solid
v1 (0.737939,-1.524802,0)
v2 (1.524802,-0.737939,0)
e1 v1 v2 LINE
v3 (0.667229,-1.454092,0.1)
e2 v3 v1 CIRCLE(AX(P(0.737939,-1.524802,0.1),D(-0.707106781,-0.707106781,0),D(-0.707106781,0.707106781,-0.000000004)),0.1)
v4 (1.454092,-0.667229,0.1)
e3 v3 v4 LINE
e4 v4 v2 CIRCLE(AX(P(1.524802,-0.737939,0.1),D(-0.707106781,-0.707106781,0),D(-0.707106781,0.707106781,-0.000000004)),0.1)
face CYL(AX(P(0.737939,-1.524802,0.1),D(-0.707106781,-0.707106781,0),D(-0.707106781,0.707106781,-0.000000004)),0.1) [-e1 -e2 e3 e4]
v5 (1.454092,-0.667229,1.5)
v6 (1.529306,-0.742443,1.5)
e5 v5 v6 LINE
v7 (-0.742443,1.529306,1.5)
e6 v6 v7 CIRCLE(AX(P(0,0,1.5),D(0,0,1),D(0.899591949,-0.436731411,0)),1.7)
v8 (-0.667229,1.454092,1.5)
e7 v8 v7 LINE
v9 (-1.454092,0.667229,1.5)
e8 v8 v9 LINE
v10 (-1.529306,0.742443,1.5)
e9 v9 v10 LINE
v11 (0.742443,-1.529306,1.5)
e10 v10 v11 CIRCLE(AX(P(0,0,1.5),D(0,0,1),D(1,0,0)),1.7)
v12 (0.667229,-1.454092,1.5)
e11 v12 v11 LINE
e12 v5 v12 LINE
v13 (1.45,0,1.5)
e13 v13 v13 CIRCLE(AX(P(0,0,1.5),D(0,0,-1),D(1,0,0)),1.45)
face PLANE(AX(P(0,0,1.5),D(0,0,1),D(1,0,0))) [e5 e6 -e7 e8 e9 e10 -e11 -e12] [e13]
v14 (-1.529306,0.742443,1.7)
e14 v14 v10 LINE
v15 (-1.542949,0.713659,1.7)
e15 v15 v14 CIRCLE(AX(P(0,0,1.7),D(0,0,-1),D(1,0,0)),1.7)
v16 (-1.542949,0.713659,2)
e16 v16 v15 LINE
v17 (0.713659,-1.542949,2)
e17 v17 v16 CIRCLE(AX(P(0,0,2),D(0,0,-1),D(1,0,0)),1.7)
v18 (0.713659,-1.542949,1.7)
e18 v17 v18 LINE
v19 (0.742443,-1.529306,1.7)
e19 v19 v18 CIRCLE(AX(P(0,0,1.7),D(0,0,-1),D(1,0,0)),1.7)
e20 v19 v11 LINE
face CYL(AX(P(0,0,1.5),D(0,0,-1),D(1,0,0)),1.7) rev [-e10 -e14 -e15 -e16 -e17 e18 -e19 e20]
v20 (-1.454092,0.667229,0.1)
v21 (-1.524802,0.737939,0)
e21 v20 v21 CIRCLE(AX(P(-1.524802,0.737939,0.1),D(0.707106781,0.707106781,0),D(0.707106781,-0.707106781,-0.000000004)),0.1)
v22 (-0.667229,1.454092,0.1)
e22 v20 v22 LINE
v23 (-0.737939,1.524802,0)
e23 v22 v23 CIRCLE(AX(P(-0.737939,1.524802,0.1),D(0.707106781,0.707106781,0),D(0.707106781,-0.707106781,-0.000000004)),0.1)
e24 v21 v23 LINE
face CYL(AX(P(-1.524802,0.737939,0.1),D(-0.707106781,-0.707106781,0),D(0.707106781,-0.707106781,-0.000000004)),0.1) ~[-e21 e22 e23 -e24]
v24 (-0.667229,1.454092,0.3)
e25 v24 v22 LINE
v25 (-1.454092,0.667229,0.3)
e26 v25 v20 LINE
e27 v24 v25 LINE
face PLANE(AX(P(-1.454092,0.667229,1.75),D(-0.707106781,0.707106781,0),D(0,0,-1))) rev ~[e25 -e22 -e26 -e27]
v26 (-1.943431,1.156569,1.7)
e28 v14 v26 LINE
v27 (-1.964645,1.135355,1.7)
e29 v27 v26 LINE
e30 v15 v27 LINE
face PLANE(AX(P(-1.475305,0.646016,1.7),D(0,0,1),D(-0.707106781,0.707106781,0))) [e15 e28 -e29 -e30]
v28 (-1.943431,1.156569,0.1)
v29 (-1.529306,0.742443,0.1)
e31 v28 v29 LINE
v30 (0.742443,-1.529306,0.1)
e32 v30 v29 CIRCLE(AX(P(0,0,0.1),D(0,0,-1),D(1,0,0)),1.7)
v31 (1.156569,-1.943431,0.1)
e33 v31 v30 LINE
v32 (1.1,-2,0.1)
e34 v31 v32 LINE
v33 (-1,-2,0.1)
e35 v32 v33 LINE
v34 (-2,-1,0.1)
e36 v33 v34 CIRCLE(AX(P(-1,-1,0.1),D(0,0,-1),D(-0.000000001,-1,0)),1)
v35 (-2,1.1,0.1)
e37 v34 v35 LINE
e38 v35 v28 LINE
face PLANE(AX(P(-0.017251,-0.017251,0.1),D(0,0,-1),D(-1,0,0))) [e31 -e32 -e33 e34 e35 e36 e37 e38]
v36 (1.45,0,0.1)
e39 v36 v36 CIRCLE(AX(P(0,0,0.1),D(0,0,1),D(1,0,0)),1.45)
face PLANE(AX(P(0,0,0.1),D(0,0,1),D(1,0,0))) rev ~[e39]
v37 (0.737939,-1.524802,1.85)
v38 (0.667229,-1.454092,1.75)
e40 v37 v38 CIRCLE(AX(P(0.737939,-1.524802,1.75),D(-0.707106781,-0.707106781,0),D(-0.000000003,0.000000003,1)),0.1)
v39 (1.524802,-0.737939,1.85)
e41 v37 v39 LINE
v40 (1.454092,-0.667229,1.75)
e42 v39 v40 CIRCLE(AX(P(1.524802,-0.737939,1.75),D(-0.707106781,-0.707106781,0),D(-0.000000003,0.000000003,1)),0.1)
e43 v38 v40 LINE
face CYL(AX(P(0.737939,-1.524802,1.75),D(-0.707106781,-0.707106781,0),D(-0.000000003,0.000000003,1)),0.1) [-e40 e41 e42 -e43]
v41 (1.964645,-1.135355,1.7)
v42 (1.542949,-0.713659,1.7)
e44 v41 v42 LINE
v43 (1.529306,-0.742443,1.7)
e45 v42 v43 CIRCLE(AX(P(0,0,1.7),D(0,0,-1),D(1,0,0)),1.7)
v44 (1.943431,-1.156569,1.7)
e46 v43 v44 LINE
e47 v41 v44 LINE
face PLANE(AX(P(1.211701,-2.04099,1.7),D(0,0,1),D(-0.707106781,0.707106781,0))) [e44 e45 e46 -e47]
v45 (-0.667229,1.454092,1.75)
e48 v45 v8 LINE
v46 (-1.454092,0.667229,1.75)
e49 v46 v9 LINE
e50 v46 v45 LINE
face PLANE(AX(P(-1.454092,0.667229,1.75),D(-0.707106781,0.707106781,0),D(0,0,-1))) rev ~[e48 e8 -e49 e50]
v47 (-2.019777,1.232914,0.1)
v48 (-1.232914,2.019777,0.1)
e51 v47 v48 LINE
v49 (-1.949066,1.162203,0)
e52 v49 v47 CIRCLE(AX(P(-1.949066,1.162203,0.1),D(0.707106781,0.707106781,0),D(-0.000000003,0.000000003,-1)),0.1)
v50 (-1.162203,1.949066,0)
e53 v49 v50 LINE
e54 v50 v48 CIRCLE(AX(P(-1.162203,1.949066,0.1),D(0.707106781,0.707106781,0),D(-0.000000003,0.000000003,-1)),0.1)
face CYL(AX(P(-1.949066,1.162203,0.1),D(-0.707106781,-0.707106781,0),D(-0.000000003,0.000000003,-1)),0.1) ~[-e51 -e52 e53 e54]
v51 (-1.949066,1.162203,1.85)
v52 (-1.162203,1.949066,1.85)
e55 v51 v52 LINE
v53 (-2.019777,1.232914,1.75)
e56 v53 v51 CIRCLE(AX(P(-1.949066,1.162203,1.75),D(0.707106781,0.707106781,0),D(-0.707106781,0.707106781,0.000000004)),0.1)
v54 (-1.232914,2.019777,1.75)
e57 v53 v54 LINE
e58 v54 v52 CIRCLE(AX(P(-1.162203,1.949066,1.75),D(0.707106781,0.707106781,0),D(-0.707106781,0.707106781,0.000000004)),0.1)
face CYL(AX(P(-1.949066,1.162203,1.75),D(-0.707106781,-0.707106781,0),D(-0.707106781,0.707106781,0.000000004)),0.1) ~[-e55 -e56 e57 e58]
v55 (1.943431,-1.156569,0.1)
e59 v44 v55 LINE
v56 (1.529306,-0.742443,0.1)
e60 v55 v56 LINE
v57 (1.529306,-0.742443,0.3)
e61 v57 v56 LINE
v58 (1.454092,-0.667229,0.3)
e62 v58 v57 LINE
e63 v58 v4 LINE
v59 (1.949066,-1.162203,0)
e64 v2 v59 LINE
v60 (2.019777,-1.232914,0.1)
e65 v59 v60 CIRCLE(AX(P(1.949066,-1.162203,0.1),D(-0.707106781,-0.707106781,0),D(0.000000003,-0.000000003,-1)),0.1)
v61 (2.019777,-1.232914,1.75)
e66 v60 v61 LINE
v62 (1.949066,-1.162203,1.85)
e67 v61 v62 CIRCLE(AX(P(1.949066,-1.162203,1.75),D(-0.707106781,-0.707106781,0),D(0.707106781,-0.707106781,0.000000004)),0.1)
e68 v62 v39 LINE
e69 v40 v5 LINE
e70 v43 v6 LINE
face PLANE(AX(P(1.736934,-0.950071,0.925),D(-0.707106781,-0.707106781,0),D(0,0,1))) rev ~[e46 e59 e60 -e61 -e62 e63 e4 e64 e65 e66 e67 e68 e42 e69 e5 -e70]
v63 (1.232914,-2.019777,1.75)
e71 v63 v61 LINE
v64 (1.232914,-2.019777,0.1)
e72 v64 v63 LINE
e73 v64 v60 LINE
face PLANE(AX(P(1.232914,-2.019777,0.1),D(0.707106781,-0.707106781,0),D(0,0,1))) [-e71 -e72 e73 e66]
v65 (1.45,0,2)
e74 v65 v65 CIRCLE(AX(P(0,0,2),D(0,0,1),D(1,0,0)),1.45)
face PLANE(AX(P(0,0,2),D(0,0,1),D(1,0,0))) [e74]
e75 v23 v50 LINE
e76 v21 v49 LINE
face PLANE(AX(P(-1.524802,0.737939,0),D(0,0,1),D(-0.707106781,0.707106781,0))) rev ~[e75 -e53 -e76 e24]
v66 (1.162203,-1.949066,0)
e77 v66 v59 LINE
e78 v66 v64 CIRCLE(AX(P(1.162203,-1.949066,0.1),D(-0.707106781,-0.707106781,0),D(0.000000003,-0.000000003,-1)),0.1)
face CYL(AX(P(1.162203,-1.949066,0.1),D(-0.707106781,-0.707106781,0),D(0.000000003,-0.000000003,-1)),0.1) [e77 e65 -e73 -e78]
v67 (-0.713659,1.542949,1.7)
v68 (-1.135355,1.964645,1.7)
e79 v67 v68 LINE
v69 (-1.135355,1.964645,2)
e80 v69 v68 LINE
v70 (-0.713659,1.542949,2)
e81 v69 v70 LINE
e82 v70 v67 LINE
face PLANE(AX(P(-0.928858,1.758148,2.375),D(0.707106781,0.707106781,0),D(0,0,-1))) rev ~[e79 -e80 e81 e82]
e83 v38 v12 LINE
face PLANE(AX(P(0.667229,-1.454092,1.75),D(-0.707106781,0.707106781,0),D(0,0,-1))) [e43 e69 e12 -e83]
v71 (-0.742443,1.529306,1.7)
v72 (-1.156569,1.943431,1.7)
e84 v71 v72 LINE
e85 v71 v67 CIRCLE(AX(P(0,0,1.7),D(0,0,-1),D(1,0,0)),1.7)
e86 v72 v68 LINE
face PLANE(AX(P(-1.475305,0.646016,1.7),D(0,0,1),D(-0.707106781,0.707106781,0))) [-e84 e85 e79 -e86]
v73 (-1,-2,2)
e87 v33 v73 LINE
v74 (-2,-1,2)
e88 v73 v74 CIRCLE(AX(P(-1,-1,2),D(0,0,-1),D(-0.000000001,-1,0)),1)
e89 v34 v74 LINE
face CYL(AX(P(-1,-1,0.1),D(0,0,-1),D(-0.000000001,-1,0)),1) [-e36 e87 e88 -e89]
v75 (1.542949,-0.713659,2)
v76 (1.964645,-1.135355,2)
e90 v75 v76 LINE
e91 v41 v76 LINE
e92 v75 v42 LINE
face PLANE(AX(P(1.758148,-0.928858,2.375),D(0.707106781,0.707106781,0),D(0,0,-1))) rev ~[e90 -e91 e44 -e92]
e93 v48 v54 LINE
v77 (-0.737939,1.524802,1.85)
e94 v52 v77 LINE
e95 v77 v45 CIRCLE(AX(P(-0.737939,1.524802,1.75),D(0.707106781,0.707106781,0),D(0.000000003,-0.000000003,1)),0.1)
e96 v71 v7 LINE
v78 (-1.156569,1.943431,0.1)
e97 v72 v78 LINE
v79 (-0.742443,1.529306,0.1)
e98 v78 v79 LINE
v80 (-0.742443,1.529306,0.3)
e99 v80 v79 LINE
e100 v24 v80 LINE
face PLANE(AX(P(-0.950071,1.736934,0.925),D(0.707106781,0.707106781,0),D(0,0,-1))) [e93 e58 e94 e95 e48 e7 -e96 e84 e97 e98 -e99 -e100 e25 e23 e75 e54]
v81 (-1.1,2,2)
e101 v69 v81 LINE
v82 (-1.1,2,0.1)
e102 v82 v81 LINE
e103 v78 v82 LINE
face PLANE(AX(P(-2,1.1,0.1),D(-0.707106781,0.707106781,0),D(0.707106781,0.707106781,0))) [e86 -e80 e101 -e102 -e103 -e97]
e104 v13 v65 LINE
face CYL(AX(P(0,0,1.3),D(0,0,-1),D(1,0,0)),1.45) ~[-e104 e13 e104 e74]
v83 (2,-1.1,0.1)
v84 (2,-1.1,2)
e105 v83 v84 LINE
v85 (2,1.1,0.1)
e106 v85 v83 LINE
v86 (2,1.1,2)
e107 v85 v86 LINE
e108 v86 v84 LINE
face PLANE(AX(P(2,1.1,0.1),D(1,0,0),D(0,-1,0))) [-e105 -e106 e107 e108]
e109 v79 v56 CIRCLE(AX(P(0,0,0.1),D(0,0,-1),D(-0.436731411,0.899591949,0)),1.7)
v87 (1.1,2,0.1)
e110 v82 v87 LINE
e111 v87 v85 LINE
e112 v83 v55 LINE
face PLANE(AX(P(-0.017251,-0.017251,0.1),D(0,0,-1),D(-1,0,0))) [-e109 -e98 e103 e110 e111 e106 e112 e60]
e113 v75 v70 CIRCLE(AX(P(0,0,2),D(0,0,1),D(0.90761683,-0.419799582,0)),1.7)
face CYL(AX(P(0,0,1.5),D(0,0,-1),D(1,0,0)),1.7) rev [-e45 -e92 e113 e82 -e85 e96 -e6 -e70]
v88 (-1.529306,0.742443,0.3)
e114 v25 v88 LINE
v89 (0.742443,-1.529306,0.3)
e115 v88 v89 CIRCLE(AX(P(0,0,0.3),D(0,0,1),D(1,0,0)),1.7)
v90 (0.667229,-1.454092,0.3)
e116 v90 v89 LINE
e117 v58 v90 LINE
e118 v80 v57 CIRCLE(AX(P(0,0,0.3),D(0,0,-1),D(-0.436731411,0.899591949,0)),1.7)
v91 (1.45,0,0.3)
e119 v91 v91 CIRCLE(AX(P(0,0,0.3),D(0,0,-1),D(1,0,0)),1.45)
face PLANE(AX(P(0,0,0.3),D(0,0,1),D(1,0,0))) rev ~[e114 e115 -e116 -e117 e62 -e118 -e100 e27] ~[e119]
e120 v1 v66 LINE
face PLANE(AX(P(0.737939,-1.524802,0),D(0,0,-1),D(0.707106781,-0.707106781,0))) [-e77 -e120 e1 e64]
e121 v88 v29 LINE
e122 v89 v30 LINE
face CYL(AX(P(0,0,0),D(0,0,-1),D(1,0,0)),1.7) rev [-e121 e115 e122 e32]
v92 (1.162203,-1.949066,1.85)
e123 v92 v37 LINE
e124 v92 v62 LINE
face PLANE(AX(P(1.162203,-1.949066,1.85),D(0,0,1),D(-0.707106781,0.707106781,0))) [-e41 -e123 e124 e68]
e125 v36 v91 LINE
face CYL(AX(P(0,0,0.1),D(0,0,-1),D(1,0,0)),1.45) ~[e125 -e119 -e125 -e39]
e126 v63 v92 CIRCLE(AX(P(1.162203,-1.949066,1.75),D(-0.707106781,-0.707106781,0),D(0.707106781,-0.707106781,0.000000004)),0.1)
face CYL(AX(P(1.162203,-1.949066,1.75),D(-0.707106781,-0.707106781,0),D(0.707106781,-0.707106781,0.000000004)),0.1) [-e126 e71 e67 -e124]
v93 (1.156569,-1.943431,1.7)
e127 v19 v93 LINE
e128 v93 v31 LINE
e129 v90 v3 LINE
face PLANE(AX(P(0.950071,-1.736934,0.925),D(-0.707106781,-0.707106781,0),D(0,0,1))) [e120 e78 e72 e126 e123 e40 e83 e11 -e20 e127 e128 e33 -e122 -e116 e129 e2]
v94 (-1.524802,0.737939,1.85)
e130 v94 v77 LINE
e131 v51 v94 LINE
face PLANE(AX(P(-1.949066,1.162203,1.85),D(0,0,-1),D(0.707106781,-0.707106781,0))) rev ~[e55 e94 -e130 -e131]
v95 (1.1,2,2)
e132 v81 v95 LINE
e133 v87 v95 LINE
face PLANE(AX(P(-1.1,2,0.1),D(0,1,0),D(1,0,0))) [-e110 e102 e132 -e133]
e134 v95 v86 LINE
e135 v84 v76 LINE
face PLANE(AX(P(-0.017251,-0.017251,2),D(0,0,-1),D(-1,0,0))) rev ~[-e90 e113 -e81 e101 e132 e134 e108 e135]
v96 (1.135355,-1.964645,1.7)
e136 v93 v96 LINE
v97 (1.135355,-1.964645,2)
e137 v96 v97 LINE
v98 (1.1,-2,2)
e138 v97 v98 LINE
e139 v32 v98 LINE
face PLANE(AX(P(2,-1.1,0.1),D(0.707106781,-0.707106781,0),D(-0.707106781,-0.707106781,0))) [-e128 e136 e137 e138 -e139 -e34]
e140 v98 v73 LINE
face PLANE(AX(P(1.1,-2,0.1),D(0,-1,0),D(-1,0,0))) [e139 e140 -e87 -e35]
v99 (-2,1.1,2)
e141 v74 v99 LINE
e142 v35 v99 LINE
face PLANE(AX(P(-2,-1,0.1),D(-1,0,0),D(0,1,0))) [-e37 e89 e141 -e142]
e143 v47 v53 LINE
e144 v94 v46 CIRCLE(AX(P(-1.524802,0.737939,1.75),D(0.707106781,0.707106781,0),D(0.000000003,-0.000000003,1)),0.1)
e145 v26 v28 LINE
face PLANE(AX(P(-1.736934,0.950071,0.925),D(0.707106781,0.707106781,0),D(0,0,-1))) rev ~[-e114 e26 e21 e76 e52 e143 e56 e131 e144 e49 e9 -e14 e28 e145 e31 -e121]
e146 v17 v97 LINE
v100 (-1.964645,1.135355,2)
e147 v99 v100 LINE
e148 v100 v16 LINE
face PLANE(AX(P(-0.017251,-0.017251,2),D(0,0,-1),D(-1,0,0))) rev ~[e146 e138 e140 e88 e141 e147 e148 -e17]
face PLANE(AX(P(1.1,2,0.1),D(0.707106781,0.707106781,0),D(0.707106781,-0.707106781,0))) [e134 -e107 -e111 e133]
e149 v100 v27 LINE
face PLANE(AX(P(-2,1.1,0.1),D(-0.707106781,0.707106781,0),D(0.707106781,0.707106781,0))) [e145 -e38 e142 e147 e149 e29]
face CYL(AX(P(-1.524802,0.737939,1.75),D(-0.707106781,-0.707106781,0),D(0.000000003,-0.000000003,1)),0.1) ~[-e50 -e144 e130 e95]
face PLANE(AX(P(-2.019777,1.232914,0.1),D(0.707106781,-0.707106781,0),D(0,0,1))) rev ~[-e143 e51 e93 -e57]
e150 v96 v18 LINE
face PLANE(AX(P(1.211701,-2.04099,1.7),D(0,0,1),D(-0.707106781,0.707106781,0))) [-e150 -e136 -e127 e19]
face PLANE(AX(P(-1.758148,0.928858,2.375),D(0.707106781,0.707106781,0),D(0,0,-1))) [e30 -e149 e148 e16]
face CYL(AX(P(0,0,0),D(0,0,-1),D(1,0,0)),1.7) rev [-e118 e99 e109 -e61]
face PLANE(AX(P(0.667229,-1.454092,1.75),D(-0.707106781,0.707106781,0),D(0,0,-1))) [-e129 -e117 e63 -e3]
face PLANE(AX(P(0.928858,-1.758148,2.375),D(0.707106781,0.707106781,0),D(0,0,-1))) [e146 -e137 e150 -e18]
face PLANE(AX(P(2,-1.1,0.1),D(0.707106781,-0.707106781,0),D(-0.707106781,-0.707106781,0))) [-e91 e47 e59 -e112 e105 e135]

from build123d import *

# Parameters (mm, degrees)
EXTRUDE_START        = 0.1
EXTRUDE_1_DEPTH      = 1.9
SKETCH_6_R           = 1.7
CUT_EXTRUDE_5_DEPTH  = 0.3
SKETCH_8_R           = 1.45
EXTRUDE_9_DEPTH      = 0.25
CUT_EXTRUDE_START    = 1.5
SKETCH_6_3_R         = 1.7
CUT_EXTRUDE_12_DEPTH = 0.6
CUT_EXTRUDE_START_2  = 0.05
SKETCH_12_W          = 1.35
SKETCH_12_H          = 0.8
CUT_EXTRUDE_15_DEPTH = 1.172792206
EXTRUDE_START_2      = 1.3
SKETCH_8_3_R         = 1.45
EXTRUDE_16_DEPTH     = 0.7
EXTRUDE_START_3      = 0.08
EXTRUDE_17_DEPTH     = 1.112792206


with BuildPart() as part:
    # Эскиз2 → Вытянуть1 (new body)
    with BuildSketch(Plane.XY.offset(EXTRUDE_START)):
        with BuildLine():
            Line((-1.1, 2), (1.1, 2))
            Line((1.1, 2), (2, 1.1))
            Line((2, 1.1), (2, -1.1))
            Line((2, -1.1), (1.1, -2))
            Line((1.1, -2), (-1, -2))
            ThreePointArc((-1, -2), (-1.707106781, -1.707106781), (-2, -1))
            Line((-2, -1), (-2, 1.1))
            Line((-2, 1.1), (-1.1, 2))
        make_face()
    extrude(amount=EXTRUDE_1_DEPTH)

    # Эскиз6 → Вытянуть5 (cut)
    with BuildSketch(Plane.XY):
        Circle(SKETCH_6_R)
    extrude(amount=CUT_EXTRUDE_5_DEPTH, mode=Mode.SUBTRACT)

    # Эскиз8 → Вытянуть9 (add)
    with BuildSketch(Plane.XY.offset(EXTRUDE_START)):
        Circle(SKETCH_8_R)
    extrude(amount=EXTRUDE_9_DEPTH)

    # Эскиз6<3> → Вытянуть12 (cut)
    with BuildSketch(Plane.XY.offset(CUT_EXTRUDE_START)):
        Circle(SKETCH_6_3_R)
    extrude(amount=CUT_EXTRUDE_12_DEPTH, mode=Mode.SUBTRACT)

    # Эскиз12 → Вытянуть15 (cut)
    with BuildSketch(Plane(origin=(-0.45, -0.45, 0), x_dir=(0, 0, -1), z_dir=(0.7071067811865499, 0.7071067811865452, 0)).offset(CUT_EXTRUDE_START_2)):
        with Locations((-2.375, 1.9)):
            Rectangle(SKETCH_12_W, SKETCH_12_H)
        with Locations((-2.375, -1.9)):
            Rectangle(SKETCH_12_W, SKETCH_12_H)
    extrude(amount=CUT_EXTRUDE_15_DEPTH, mode=Mode.SUBTRACT)

    # Эскиз8<3> → Вытянуть16 (add)
    with BuildSketch(Plane.XY.offset(EXTRUDE_START_2)):
        Circle(SKETCH_8_3_R)
    extrude(amount=EXTRUDE_16_DEPTH)

    # Эскиз10 → Вытянуть17 (add)
    with BuildSketch(Plane(origin=(-0.45, -0.45, 0), x_dir=(0, 0, -1), z_dir=(0.7071067811865499, 0.7071067811865452, 0)).offset(EXTRUDE_START_3)):
        with BuildLine():
            Line((0, 1.6), (0, 2.2))
            ThreePointArc((0, 2.2), (-0.029289322, 2.270710678), (-0.1, 2.3))
            Line((-0.1, 2.3), (-1.75, 2.3))
            ThreePointArc((-1.75, 2.3), (-1.820710678, 2.270710678), (-1.85, 2.2))
            Line((-1.85, 2.2), (-1.85, 1.6))
            ThreePointArc((-1.85, 1.6), (-1.820710678, 1.529289322), (-1.75, 1.5))
            Line((-1.75, 1.5), (-0.1, 1.5))
            ThreePointArc((-0.1, 1.5), (-0.029289322, 1.529289322), (0, 1.6))
        make_face()
        with BuildLine():
            Line((-1.75, -1.5), (-0.1, -1.5))
            ThreePointArc((-0.1, -1.5), (-0.029289322, -1.529289322), (0, -1.6))
            Line((0, -1.6), (0, -2.2))
            ThreePointArc((0, -2.2), (-0.029289322, -2.270710678), (-0.1, -2.3))
            Line((-0.1, -2.3), (-1.75, -2.3))
            ThreePointArc((-1.75, -2.3), (-1.820710678, -2.270710678), (-1.85, -2.2))
            Line((-1.85, -2.2), (-1.85, -1.6))
            ThreePointArc((-1.85, -1.6), (-1.820710678, -1.529289322), (-1.75, -1.5))
        make_face()
    extrude(amount=EXTRUDE_17_DEPTH)


solid = part.part
